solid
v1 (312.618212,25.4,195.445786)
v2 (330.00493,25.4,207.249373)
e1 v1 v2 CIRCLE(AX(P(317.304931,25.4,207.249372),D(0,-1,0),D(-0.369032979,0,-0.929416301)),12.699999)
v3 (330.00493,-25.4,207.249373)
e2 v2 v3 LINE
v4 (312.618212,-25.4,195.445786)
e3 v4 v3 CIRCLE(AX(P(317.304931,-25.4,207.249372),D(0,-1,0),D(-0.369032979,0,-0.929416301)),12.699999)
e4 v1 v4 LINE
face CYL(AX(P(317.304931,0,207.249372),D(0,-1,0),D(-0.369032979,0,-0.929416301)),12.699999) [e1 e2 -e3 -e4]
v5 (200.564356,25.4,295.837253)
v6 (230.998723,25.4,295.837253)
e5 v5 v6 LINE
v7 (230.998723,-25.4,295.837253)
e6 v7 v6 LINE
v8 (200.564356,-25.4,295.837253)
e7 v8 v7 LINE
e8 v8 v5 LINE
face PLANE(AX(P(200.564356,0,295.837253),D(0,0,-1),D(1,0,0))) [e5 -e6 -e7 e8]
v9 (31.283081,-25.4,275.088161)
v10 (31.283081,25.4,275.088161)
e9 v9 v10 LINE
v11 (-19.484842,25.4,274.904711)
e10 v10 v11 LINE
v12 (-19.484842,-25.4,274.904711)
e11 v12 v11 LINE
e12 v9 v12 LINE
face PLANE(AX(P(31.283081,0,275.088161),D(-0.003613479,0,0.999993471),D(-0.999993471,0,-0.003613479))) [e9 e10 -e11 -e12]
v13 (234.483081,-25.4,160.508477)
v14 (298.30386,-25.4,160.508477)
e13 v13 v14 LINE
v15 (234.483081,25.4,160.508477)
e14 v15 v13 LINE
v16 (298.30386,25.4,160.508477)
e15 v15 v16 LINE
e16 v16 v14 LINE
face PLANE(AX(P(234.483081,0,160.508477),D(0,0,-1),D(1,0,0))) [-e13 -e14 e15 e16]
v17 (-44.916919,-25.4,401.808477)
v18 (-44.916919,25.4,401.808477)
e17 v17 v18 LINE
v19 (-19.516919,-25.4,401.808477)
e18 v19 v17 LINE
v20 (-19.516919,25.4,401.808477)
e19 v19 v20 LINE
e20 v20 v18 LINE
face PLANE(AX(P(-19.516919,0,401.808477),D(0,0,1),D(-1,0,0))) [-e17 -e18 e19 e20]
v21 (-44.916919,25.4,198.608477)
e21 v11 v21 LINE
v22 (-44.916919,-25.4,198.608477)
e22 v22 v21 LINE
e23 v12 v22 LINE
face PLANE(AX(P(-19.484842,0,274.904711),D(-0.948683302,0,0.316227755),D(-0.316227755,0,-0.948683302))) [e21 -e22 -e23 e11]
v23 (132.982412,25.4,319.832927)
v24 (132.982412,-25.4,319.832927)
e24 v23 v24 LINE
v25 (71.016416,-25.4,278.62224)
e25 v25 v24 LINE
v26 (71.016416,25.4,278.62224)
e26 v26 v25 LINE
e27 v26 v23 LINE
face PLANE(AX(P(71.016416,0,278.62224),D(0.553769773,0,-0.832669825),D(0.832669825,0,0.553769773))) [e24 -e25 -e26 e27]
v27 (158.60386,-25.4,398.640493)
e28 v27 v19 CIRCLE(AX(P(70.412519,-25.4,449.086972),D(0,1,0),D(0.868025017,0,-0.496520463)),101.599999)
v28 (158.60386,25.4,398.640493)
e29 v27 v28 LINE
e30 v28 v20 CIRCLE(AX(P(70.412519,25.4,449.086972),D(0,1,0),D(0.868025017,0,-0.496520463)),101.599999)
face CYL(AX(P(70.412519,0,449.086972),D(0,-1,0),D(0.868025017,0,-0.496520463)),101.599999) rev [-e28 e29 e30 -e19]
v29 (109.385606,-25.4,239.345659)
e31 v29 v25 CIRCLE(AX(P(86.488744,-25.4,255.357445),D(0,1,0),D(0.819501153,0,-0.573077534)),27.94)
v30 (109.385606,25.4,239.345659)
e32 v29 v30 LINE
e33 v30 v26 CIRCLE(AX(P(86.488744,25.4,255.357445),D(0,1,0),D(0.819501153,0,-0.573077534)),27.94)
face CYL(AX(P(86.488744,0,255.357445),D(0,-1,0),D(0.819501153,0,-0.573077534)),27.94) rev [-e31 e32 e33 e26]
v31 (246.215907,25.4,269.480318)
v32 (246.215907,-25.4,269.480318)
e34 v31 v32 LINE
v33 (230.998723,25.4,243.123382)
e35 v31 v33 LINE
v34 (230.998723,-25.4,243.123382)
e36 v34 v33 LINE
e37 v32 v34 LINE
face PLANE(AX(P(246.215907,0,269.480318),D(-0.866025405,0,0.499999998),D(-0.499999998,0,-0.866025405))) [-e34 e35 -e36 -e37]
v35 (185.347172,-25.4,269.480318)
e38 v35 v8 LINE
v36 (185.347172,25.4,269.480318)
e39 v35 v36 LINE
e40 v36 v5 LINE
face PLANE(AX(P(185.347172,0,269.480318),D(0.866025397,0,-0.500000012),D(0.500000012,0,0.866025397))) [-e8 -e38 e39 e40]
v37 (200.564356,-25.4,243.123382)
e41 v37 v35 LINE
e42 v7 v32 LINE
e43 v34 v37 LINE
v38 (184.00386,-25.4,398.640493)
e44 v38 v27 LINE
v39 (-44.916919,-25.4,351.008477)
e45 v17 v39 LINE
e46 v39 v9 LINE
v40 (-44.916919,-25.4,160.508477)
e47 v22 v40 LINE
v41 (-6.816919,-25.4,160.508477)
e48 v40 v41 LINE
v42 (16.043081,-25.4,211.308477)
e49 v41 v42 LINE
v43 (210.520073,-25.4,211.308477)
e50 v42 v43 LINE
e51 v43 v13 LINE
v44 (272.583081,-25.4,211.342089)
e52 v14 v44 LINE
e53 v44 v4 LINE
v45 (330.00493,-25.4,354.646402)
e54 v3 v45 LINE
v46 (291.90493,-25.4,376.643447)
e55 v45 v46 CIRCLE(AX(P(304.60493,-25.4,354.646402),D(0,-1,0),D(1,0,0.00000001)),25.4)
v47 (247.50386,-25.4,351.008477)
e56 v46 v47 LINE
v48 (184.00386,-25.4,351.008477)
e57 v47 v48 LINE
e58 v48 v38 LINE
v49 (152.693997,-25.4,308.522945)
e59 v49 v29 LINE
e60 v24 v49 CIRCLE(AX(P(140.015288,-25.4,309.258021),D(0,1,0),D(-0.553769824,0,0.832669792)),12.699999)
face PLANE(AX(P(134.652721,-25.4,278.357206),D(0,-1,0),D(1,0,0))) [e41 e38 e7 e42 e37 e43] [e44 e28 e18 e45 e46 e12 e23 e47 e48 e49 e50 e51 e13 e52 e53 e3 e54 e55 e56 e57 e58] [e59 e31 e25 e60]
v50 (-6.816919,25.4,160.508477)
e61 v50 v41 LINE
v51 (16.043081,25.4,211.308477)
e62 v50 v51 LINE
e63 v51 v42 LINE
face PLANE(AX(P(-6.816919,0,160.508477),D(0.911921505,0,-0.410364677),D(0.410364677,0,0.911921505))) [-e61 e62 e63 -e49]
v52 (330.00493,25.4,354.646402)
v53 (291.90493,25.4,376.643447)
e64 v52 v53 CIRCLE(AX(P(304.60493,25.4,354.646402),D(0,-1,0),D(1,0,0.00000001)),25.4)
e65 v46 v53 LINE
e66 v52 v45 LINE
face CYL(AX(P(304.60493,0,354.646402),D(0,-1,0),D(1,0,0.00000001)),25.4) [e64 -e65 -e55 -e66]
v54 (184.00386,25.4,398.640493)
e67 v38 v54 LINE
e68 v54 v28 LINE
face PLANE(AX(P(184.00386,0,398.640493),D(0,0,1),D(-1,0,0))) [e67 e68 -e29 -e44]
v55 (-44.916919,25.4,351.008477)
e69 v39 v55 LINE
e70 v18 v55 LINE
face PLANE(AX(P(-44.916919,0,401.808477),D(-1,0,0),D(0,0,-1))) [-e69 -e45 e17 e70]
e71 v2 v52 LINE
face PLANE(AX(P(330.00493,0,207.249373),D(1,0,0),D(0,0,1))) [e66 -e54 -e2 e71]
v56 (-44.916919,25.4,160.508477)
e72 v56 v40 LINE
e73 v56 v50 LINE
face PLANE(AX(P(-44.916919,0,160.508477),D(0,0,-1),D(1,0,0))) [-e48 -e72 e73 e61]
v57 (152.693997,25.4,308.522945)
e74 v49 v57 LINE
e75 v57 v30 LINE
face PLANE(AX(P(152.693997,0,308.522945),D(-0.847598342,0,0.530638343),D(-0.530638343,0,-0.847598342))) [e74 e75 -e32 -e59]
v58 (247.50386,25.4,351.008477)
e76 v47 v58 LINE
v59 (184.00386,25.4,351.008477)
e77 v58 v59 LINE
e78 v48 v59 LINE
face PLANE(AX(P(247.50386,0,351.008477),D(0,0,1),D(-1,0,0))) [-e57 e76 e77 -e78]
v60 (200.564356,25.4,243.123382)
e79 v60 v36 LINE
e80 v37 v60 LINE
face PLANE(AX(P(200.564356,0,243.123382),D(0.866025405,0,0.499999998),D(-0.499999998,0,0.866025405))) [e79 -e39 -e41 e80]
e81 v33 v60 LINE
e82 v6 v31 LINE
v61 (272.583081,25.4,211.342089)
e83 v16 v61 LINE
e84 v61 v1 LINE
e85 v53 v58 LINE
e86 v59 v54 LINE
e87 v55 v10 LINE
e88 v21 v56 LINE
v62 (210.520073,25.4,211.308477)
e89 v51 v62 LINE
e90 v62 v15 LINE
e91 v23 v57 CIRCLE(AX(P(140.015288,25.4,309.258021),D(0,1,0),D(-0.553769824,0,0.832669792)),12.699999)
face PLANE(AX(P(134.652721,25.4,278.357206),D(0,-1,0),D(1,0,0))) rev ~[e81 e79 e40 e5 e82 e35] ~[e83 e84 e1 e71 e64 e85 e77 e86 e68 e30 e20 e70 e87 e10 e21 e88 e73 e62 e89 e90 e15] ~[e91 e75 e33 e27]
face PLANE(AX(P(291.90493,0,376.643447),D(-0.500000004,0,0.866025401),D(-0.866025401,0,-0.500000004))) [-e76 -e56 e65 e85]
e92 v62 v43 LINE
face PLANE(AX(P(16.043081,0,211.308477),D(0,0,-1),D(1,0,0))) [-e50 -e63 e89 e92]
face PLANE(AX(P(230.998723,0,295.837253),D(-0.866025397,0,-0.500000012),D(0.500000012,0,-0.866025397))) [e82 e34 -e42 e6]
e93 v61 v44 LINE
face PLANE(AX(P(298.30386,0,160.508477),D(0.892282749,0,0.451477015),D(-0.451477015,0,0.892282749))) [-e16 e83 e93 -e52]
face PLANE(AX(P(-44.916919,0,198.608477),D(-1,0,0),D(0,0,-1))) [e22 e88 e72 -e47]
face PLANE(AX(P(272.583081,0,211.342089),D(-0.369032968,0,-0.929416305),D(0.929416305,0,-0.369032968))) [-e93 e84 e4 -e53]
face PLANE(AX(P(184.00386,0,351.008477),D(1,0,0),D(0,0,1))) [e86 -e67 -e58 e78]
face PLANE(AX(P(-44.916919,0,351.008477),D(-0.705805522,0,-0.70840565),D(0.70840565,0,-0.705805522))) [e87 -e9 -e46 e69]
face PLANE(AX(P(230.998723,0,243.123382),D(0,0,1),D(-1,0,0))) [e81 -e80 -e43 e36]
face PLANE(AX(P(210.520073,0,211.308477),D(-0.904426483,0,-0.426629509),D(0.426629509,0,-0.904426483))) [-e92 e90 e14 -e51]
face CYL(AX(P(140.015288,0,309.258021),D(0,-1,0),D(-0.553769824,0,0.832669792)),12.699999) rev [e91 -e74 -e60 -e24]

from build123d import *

# Parameters (mm, degrees)
F1_DEPTH = 25.4


with BuildPart() as f1:
    # F0 (on Front) → F1 (new body, symmetric)
    with BuildSketch(Plane.XZ):
        with BuildLine():
            Line((-44.916919, 198.608477), (-44.916919, 160.508477))
            Line((-44.916919, 160.508477), (-6.816919, 160.508477))
            Line((-6.816919, 160.508477), (16.043081, 211.308477))
            Line((16.043081, 211.308477), (210.520073, 211.308477))
            Line((210.520073, 211.308477), (234.483081, 160.508477))
            Line((234.483081, 160.508477), (298.30386, 160.508477))
            Line((298.30386, 160.508477), (272.583081, 211.342089))
            Line((272.583081, 211.342089), (312.618212, 195.445786))
            ThreePointArc((312.618212, 195.445786), (324.438256, 196.741963), (330.00493, 207.249373))
            Line((330.00493, 207.249373), (330.00493, 354.646402))
            ThreePointArc((330.00493, 354.646402), (317.30493, 376.643447), (291.90493, 376.643447))
            Line((291.90493, 376.643447), (247.50386, 351.008477))
            Line((247.50386, 351.008477), (184.00386, 351.008477))
            Line((184.00386, 351.008477), (184.00386, 398.640493))
            Line((184.00386, 398.640493), (158.60386, 398.640493))
            ThreePointArc((158.60386, 398.640493), (68.605788, 347.503038), (-19.516919, 401.808477))
            Line((-19.516919, 401.808477), (-44.916919, 401.808477))
            Line((-44.916919, 401.808477), (-44.916919, 351.008477))
            Line((-44.916919, 351.008477), (31.283081, 275.088161))
            Line((31.283081, 275.088161), (-19.484842, 274.904711))
            Line((-19.484842, 274.904711), (-44.916919, 198.608477))
        make_face()
        with BuildLine():
            Line((71.016416, 278.62224), (132.982412, 319.832927))
            ThreePointArc((132.982412, 319.832927), (146.335714, 320.273565), (152.693997, 308.522945))
            Line((152.693997, 308.522945), (109.385606, 239.345659))
            ThreePointArc((109.385606, 239.345659), (66.502664, 235.833096), (71.016416, 278.62224))
        make_face(mode=Mode.SUBTRACT)
        Polygon((246.215907, 269.480318), (230.998723, 243.123382), (200.564356, 243.123382), (185.347172, 269.480318), (200.564356, 295.837253), (230.998723, 295.837253), align=None, mode=Mode.SUBTRACT)
    extrude(amount=F1_DEPTH, both=True)


solid = f1.part
